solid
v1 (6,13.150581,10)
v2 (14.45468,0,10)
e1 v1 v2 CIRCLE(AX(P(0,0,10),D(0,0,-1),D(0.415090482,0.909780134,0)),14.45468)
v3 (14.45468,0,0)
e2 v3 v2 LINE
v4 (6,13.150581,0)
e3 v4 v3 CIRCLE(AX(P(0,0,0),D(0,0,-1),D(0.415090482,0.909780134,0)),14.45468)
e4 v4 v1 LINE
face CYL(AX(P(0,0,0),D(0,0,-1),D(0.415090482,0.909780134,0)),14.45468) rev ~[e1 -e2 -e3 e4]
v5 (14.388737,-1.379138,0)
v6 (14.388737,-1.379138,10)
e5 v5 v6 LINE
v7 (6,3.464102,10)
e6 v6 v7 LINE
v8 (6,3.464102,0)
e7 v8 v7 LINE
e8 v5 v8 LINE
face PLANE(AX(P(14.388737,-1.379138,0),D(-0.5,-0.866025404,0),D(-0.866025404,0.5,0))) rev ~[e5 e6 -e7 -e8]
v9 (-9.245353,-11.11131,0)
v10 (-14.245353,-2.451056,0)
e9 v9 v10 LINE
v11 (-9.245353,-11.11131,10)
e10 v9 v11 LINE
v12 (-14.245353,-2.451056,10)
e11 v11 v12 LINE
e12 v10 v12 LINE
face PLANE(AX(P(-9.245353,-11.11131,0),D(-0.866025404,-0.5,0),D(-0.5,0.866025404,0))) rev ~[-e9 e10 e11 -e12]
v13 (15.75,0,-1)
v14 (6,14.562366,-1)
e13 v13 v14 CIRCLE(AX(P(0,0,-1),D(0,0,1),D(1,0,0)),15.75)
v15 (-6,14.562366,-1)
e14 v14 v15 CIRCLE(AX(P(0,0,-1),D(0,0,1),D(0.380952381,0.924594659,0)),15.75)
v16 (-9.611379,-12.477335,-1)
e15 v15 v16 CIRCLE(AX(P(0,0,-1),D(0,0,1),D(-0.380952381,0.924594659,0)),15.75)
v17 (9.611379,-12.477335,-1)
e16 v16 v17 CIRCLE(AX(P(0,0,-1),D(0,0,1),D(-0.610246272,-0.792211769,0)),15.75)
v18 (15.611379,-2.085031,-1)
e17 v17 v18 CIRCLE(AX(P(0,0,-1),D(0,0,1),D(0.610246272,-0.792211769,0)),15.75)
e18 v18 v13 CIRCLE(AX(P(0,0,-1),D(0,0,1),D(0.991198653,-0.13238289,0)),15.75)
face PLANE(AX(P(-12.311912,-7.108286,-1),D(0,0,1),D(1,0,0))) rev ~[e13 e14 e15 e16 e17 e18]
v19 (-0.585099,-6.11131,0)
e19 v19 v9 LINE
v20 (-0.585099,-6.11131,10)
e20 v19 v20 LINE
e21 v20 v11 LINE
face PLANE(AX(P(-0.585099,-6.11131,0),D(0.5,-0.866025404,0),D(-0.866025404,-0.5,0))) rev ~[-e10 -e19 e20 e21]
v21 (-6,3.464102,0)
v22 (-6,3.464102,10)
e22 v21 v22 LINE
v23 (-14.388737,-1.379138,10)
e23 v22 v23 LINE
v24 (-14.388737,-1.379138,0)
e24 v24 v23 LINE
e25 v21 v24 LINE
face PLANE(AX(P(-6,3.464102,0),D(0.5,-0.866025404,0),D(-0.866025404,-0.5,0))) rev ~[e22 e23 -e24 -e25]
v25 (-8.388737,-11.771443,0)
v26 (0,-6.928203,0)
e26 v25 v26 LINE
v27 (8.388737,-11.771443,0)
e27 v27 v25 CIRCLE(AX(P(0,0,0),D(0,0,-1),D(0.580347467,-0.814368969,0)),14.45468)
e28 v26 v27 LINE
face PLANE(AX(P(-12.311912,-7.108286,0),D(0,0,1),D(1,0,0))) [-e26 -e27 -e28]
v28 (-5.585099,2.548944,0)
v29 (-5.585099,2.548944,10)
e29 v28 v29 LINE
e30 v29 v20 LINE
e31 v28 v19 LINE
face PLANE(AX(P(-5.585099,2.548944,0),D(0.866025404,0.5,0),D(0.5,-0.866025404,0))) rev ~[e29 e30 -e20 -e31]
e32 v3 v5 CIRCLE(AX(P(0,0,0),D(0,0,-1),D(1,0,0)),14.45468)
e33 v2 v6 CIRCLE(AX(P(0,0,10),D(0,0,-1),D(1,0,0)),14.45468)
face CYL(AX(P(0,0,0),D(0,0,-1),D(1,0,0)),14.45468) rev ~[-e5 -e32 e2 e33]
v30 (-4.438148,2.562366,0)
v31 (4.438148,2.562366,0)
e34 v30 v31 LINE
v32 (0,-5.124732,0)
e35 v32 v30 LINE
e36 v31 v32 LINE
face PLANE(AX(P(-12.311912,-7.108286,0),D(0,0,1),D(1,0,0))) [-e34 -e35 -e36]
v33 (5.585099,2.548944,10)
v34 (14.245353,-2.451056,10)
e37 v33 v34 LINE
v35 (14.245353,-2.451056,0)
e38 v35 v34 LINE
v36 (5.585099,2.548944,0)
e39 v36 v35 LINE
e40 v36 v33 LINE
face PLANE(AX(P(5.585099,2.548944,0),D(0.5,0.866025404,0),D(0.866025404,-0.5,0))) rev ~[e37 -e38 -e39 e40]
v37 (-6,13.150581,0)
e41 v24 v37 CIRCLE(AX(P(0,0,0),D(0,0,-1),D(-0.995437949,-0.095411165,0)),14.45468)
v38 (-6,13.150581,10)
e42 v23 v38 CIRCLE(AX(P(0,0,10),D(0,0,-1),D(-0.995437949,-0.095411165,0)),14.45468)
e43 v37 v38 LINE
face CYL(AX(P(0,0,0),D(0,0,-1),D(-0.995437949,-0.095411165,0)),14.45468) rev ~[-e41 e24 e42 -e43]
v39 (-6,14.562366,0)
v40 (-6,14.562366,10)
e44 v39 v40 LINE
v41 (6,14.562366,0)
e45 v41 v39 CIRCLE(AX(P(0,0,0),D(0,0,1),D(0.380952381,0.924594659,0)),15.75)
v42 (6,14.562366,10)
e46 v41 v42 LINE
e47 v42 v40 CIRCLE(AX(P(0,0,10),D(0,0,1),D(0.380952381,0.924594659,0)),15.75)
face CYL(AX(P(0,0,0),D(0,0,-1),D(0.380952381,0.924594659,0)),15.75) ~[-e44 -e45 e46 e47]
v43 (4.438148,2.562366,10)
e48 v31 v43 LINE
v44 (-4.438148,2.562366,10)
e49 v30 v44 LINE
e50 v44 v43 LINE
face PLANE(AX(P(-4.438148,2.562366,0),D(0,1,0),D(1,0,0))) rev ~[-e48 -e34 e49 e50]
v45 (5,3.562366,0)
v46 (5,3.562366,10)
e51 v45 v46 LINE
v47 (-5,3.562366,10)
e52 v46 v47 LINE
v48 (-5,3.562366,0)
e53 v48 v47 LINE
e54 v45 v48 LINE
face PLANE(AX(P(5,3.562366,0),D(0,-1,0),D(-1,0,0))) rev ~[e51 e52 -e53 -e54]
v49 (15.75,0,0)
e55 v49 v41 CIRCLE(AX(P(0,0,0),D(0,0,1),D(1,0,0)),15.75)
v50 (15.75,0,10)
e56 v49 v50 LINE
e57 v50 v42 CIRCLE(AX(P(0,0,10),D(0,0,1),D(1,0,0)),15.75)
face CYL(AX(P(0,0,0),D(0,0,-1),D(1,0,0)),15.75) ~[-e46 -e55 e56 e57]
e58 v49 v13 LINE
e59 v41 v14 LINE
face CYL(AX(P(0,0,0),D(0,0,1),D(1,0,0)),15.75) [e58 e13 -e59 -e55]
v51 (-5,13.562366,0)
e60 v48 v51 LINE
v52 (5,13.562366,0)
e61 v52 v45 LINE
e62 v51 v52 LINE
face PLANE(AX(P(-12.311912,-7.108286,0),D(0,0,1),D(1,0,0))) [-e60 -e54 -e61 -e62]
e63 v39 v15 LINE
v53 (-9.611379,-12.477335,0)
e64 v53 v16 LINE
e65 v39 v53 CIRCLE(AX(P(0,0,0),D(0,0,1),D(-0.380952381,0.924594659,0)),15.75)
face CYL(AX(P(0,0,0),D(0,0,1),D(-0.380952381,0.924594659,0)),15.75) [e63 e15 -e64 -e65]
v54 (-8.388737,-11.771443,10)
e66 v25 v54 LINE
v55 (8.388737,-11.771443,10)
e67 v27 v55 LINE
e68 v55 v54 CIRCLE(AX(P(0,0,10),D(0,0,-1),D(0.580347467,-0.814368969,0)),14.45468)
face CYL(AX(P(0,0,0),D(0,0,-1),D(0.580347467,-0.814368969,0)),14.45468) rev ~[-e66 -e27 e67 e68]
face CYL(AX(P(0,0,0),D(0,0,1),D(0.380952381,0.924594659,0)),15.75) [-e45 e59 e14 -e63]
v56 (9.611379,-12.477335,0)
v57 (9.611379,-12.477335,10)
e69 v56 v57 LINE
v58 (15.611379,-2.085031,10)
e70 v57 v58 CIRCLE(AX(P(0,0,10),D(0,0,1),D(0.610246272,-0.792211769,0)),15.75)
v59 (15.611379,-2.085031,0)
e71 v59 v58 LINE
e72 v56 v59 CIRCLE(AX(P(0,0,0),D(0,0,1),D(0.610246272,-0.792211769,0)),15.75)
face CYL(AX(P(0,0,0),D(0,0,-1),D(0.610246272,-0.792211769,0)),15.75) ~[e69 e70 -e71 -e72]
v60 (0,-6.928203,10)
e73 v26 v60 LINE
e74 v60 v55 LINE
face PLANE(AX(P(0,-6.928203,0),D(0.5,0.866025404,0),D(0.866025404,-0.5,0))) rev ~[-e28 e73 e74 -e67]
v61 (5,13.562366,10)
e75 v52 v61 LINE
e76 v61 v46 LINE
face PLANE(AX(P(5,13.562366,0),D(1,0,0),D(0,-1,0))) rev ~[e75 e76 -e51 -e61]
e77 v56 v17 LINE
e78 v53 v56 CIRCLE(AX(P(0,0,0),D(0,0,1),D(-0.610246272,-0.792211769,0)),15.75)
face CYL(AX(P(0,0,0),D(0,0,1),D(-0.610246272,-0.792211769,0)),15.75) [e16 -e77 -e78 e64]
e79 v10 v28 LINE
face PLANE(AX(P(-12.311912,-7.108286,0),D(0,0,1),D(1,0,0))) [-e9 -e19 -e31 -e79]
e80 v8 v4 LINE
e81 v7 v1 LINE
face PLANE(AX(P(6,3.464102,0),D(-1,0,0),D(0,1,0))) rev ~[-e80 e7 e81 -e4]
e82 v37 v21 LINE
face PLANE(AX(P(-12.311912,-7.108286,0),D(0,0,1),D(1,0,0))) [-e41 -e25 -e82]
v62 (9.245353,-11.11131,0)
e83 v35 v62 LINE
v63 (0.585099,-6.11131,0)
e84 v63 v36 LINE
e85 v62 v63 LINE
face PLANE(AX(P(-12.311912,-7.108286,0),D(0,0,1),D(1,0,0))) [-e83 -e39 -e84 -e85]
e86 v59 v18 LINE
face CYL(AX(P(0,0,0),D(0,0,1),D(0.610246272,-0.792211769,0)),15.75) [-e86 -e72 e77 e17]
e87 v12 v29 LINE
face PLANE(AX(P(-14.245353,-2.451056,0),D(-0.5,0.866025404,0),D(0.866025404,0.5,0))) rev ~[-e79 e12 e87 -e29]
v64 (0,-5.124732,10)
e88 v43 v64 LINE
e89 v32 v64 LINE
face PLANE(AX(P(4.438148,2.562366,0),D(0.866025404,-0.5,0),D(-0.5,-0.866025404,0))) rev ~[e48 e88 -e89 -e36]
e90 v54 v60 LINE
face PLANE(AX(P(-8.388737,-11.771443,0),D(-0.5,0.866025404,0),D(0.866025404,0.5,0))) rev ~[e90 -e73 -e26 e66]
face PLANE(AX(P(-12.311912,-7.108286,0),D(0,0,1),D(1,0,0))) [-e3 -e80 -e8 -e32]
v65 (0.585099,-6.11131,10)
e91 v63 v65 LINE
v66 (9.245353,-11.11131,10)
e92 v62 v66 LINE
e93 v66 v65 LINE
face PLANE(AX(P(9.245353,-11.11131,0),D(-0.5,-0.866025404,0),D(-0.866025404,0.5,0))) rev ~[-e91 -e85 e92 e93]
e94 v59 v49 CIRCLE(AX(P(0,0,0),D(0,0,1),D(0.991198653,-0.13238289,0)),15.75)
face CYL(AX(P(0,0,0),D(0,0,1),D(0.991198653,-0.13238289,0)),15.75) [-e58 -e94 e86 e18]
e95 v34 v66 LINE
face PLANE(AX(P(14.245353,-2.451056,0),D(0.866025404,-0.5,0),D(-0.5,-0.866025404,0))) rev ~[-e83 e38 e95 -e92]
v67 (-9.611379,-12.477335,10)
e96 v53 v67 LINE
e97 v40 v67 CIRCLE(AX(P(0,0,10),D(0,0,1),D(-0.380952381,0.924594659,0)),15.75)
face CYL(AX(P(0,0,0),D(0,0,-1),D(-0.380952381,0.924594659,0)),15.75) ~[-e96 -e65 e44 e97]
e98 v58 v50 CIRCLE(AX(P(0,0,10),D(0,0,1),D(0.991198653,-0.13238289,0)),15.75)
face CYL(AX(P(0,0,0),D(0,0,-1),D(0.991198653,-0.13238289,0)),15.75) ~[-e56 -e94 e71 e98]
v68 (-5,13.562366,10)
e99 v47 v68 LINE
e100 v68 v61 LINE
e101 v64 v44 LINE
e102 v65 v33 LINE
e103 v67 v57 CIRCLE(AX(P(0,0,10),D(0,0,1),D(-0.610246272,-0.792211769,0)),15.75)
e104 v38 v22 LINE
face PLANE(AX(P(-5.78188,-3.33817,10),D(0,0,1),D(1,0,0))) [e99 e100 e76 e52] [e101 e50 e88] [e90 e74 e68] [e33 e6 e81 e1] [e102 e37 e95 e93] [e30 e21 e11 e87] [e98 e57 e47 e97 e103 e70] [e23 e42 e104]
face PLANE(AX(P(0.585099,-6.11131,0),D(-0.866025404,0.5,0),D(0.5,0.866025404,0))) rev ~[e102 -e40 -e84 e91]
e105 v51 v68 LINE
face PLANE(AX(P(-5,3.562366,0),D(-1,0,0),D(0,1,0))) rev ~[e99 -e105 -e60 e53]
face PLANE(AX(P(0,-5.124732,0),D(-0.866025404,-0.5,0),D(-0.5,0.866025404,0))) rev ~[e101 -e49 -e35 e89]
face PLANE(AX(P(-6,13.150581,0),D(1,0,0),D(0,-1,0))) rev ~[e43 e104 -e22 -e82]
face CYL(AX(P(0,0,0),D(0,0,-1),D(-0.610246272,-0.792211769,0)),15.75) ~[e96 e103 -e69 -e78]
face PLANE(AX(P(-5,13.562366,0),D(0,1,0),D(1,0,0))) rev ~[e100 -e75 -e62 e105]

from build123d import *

# Parameters (mm, degrees)
F0_W     = 10
F0_H     = 10
F1_DEPTH = 1
F2_DEPTH = 10


with BuildPart() as f1:
    # F0 (on Top) → F1 (new body)
    with BuildSketch(Plane.XY):
        with BuildLine():
            ThreePointArc((-14.2453533868, -2.4510559207), (-14.3270734093, -1.9164383021), (-14.3887368124, -1.3791378416))
            Line((-14.3887368124, -1.3791378416), (-15.6113787906, -2.0850305169))
            Line((-15.6113787906, -2.0850305169), (-9.6113787906, -12.4773353623))
            Line((-9.6113787906, -12.4773353623), (-8.3887368124, -11.7714426871))
            ThreePointArc((-8.3887368124, -11.7714426871), (-8.8232209591, -11.4493903833), (-9.2453533868, -11.1113099585))
            ThreePointArc((-9.2453533868, -11.1113099585), (-12.518119914, -7.2273399021), (-14.2453533868, -2.4510559207))
        make_face()
        with BuildLine():
            Line((15.6113787906, -2.0850305169), (14.3887368124, -1.3791378416))
            ThreePointArc((14.3887368124, -1.3791378416), (14.3270734093, -1.9164383021), (14.2453533868, -2.4510559207))
            ThreePointArc((14.2453533868, -2.4510559207), (12.518119914, -7.2273399021), (9.2453533868, -11.1113099585))
            ThreePointArc((9.2453533868, -11.1113099585), (8.8232209591, -11.4493903833), (8.3887368124, -11.7714426871))
            Line((8.3887368124, -11.7714426871), (9.6113787906, -12.4773353623))
            Line((9.6113787906, -12.4773353623), (15.6113787906, -2.0850305169))
        make_face()
        with BuildLine():
            Line((-5, 3.5623658792), (-5, 13.5623658792))
            ThreePointArc((-5, 13.5623658792), (-5.5038524502, 13.3658286854), (-6, 13.1505805287))
            Line((-6, 13.1505805287), (-6, 3.4641016151))
            Line((-6, 3.4641016151), (-5.2190739452, 3.9149694831))
            Line((-5.2190739452, 3.9149694831), (-4.4381478904, 2.5623658792))
            Line((-4.4381478904, 2.5623658792), (4.4381478904, 2.5623658792))
            Line((4.4381478904, 2.5623658792), (5.2190739452, 3.9149694831))
            Line((5.2190739452, 3.9149694831), (6, 3.4641016151))
            Line((6, 3.4641016151), (6, 13.1505805287))
            ThreePointArc((6, 13.1505805287), (5.5038524502, 13.3658286854), (5, 13.5623658792))
            Line((5, 13.5623658792), (5, 3.5623658792))
            Line((5, 3.5623658792), (-5, 3.5623658792))
        make_face()
        with BuildLine():
            Line((-6, 3.4641016151), (-6, 13.1505805287))
            ThreePointArc((-6, 13.1505805287), (-12.518119914, 7.2273399021), (-14.3887368124, -1.3791378416))
            Line((-14.3887368124, -1.3791378416), (-6, 3.4641016151))
        make_face()
        with BuildLine():
            Line((-8.3887368124, -11.7714426871), (-9.6113787906, -12.4773353623))
            ThreePointArc((-9.6113787906, -12.4773353623), (0, -15.75), (9.6113787906, -12.4773353623))
            Line((9.6113787906, -12.4773353623), (8.3887368124, -11.7714426871))
            ThreePointArc((8.3887368124, -11.7714426871), (0, -14.4546798042), (-8.3887368124, -11.7714426871))
        make_face()
        with BuildLine():
            Line((6, 14.5623658792), (6, 13.1505805287))
            ThreePointArc((6, 13.1505805287), (12.158656321, 7.816958789), (14.4546798042, 0))
            ThreePointArc((14.4546798042, 0), (14.4381846444, -0.690356731), (14.3887368124, -1.3791378416))
            Line((14.3887368124, -1.3791378416), (15.6113787906, -2.0850305169))
            ThreePointArc((15.6113787906, -2.0850305169), (15.7153064869, -1.0448167418), (15.75, 0))
            ThreePointArc((15.75, 0), (13.087446275, 8.7624910842), (6, 14.5623658792))
        make_face()
        Polygon((4.4381478904, 2.5623658792), (-4.4381478904, 2.5623658792), (0, -5.1247317584), align=None)
        with BuildLine():
            ThreePointArc((6, 14.5623658792), (0, 15.75), (-6, 14.5623658792))
            Line((-6, 14.5623658792), (6, 14.5623658792))
        make_face()
        with BuildLine():
            Line((-9.6113787906, -12.4773353623), (-15.6113787906, -2.0850305169))
            ThreePointArc((-15.6113787906, -2.0850305169), (-13.6399001096, -7.875), (-9.6113787906, -12.4773353623))
        make_face()
        with BuildLine():
            ThreePointArc((9.6113787906, -12.4773353623), (13.6399001096, -7.875), (15.6113787906, -2.0850305169))
            Line((15.6113787906, -2.0850305169), (9.6113787906, -12.4773353623))
        make_face()
        with Locations((0, 8.5623658792)):
            Rectangle(F0_W, F0_H)
        with BuildLine():
            ThreePointArc((5, 13.5623658792), (0, 14.4546798042), (-5, 13.5623658792))
            Line((-5, 13.5623658792), (5, 13.5623658792))
        make_face()
        Polygon((-5.585099349, 2.5489440793), (-14.2453533868, -2.4510559207), (-9.2453533868, -11.1113099585), (-0.585099349, -6.1113099585), align=None)
        with BuildLine():
            Line((-9.2453533868, -11.1113099585), (-14.2453533868, -2.4510559207))
            ThreePointArc((-14.2453533868, -2.4510559207), (-12.518119914, -7.2273399021), (-9.2453533868, -11.1113099585))
        make_face()
        Polygon((9.2453533868, -11.1113099585), (14.2453533868, -2.4510559207), (5.585099349, 2.5489440793), (0.585099349, -6.1113099585), align=None)
        with BuildLine():
            ThreePointArc((9.2453533868, -11.1113099585), (12.518119914, -7.2273399021), (14.2453533868, -2.4510559207))
            Line((14.2453533868, -2.4510559207), (9.2453533868, -11.1113099585))
        make_face()
        with BuildLine():
            ThreePointArc((-14.3887368124, -1.3791378416), (-12.518119914, 7.2273399021), (-6, 13.1505805287))
            Line((-6, 13.1505805287), (-6, 14.5623658792))
            ThreePointArc((-6, 14.5623658792), (-13.6399001096, 7.875), (-15.6113787906, -2.0850305169))
            Line((-15.6113787906, -2.0850305169), (-14.3887368124, -1.3791378416))
        make_face()
        with BuildLine():
            Line((-6, 2.5623658792), (-6, 3.4641016151))
            Line((-6, 3.4641016151), (-14.3887368124, -1.3791378416))
            ThreePointArc((-14.3887368124, -1.3791378416), (-14.3270734093, -1.9164383021), (-14.2453533868, -2.4510559207))
            Line((-14.2453533868, -2.4510559207), (-5.585099349, 2.5489440793))
            Line((-5.585099349, 2.5489440793), (-0.585099349, -6.1113099585))
            Line((-0.585099349, -6.1113099585), (-9.2453533868, -11.1113099585))
            ThreePointArc((-9.2453533868, -11.1113099585), (-8.8232209591, -11.4493903833), (-8.3887368124, -11.7714426871))
            Line((-8.3887368124, -11.7714426871), (0, -6.9282032303))
            Line((0, -6.9282032303), (-0.7809260548, -6.4773353623))
            Line((-0.7809260548, -6.4773353623), (0, -5.1247317584))
            Line((0, -5.1247317584), (-4.4381478904, 2.5623658792))
            Line((-4.4381478904, 2.5623658792), (-6, 2.5623658792))
        make_face()
        with BuildLine():
            ThreePointArc((14.4546798042, 0), (12.158656321, 7.816958789), (6, 13.1505805287))
            Line((6, 13.1505805287), (6, 3.4641016151))
            Line((6, 3.4641016151), (14.3887368124, -1.3791378416))
            ThreePointArc((14.3887368124, -1.3791378416), (14.4381846444, -0.690356731), (14.4546798042, 0))
        make_face()
        with BuildLine():
            Line((14.3887368124, -1.3791378416), (6, 3.4641016151))
            Line((6, 3.4641016151), (6, 2.5623658792))
            Line((6, 2.5623658792), (4.4381478904, 2.5623658792))
            Line((4.4381478904, 2.5623658792), (0, -5.1247317584))
            Line((0, -5.1247317584), (0.7809260548, -6.4773353623))
            Line((0.7809260548, -6.4773353623), (0, -6.9282032303))
            Line((0, -6.9282032303), (8.3887368124, -11.7714426871))
            ThreePointArc((8.3887368124, -11.7714426871), (8.8232209591, -11.4493903833), (9.2453533868, -11.1113099585))
            Line((9.2453533868, -11.1113099585), (0.585099349, -6.1113099585))
            Line((0.585099349, -6.1113099585), (5.585099349, 2.5489440793))
            Line((5.585099349, 2.5489440793), (14.2453533868, -2.4510559207))
            ThreePointArc((14.2453533868, -2.4510559207), (14.3270734093, -1.9164383021), (14.3887368124, -1.3791378416))
        make_face()
        with BuildLine():
            Line((0, -6.9282032303), (-8.3887368124, -11.7714426871))
            ThreePointArc((-8.3887368124, -11.7714426871), (0, -14.4546798042), (8.3887368124, -11.7714426871))
            Line((8.3887368124, -11.7714426871), (0, -6.9282032303))
        make_face()
        with BuildLine():
            ThreePointArc((-6, 13.1505805287), (-5.5038524502, 13.3658286854), (-5, 13.5623658792))
            ThreePointArc((-5, 13.5623658792), (0, 14.4546798042), (5, 13.5623658792))
            ThreePointArc((5, 13.5623658792), (5.5038524502, 13.3658286854), (6, 13.1505805287))
            Line((6, 13.1505805287), (6, 14.5623658792))
            Line((6, 14.5623658792), (-6, 14.5623658792))
            Line((-6, 14.5623658792), (-6, 13.1505805287))
        make_face()
        Polygon((6, 2.5623658792), (6, 3.4641016151), (5.2190739452, 3.9149694831), (4.4381478904, 2.5623658792), align=None)
        Polygon((0.7809260548, -6.4773353623), (0, -5.1247317584), (-0.7809260548, -6.4773353623), (0, -6.9282032303), align=None)
        Polygon((-5.2190739452, 3.9149694831), (-6, 3.4641016151), (-6, 2.5623658792), (-4.4381478904, 2.5623658792), align=None)
    extrude(amount=-F1_DEPTH)

    # F0 (on Top) → F2 (join)
    with BuildSketch(Plane.XY):
        with BuildLine():
            Line((-6, 2.5623658792), (-6, 3.4641016151))
            Line((-6, 3.4641016151), (-14.3887368124, -1.3791378416))
            ThreePointArc((-14.3887368124, -1.3791378416), (-14.3270734093, -1.9164383021), (-14.2453533868, -2.4510559207))
            Line((-14.2453533868, -2.4510559207), (-5.585099349, 2.5489440793))
            Line((-5.585099349, 2.5489440793), (-0.585099349, -6.1113099585))
            Line((-0.585099349, -6.1113099585), (-9.2453533868, -11.1113099585))
            ThreePointArc((-9.2453533868, -11.1113099585), (-8.8232209591, -11.4493903833), (-8.3887368124, -11.7714426871))
            Line((-8.3887368124, -11.7714426871), (0, -6.9282032303))
            Line((0, -6.9282032303), (-0.7809260548, -6.4773353623))
            Line((-0.7809260548, -6.4773353623), (0, -5.1247317584))
            Line((0, -5.1247317584), (-4.4381478904, 2.5623658792))
            Line((-4.4381478904, 2.5623658792), (-6, 2.5623658792))
        make_face()
        with BuildLine():
            ThreePointArc((-14.3887368124, -1.3791378416), (-12.518119914, 7.2273399021), (-6, 13.1505805287))
            Line((-6, 13.1505805287), (-6, 14.5623658792))
            ThreePointArc((-6, 14.5623658792), (-13.6399001096, 7.875), (-15.6113787906, -2.0850305169))
            Line((-15.6113787906, -2.0850305169), (-14.3887368124, -1.3791378416))
        make_face()
        with BuildLine():
            ThreePointArc((5, 13.5623658792), (0, 14.4546798042), (-5, 13.5623658792))
            Line((-5, 13.5623658792), (5, 13.5623658792))
        make_face()
        with BuildLine():
            Line((-9.6113787906, -12.4773353623), (-15.6113787906, -2.0850305169))
            ThreePointArc((-15.6113787906, -2.0850305169), (-13.6399001096, -7.875), (-9.6113787906, -12.4773353623))
        make_face()
        with BuildLine():
            ThreePointArc((6, 14.5623658792), (0, 15.75), (-6, 14.5623658792))
            Line((-6, 14.5623658792), (6, 14.5623658792))
        make_face()
        with BuildLine():
            Line((6, 14.5623658792), (6, 13.1505805287))
            ThreePointArc((6, 13.1505805287), (12.158656321, 7.816958789), (14.4546798042, 0))
            ThreePointArc((14.4546798042, 0), (14.4381846444, -0.690356731), (14.3887368124, -1.3791378416))
            Line((14.3887368124, -1.3791378416), (15.6113787906, -2.0850305169))
            ThreePointArc((15.6113787906, -2.0850305169), (15.7153064869, -1.0448167418), (15.75, 0))
            ThreePointArc((15.75, 0), (13.087446275, 8.7624910842), (6, 14.5623658792))
        make_face()
        with BuildLine():
            Line((-8.3887368124, -11.7714426871), (-9.6113787906, -12.4773353623))
            ThreePointArc((-9.6113787906, -12.4773353623), (0, -15.75), (9.6113787906, -12.4773353623))
            Line((9.6113787906, -12.4773353623), (8.3887368124, -11.7714426871))
            ThreePointArc((8.3887368124, -11.7714426871), (0, -14.4546798042), (-8.3887368124, -11.7714426871))
        make_face()
        with BuildLine():
            Line((-5, 3.5623658792), (-5, 13.5623658792))
            ThreePointArc((-5, 13.5623658792), (-5.5038524502, 13.3658286854), (-6, 13.1505805287))
            Line((-6, 13.1505805287), (-6, 3.4641016151))
            Line((-6, 3.4641016151), (-5.2190739452, 3.9149694831))
            Line((-5.2190739452, 3.9149694831), (-4.4381478904, 2.5623658792))
            Line((-4.4381478904, 2.5623658792), (4.4381478904, 2.5623658792))
            Line((4.4381478904, 2.5623658792), (5.2190739452, 3.9149694831))
            Line((5.2190739452, 3.9149694831), (6, 3.4641016151))
            Line((6, 3.4641016151), (6, 13.1505805287))
            ThreePointArc((6, 13.1505805287), (5.5038524502, 13.3658286854), (5, 13.5623658792))
            Line((5, 13.5623658792), (5, 3.5623658792))
            Line((5, 3.5623658792), (-5, 3.5623658792))
        make_face()
        with BuildLine():
            Line((14.3887368124, -1.3791378416), (6, 3.4641016151))
            Line((6, 3.4641016151), (6, 2.5623658792))
            Line((6, 2.5623658792), (4.4381478904, 2.5623658792))
            Line((4.4381478904, 2.5623658792), (0, -5.1247317584))
            Line((0, -5.1247317584), (0.7809260548, -6.4773353623))
            Line((0.7809260548, -6.4773353623), (0, -6.9282032303))
            Line((0, -6.9282032303), (8.3887368124, -11.7714426871))
            ThreePointArc((8.3887368124, -11.7714426871), (8.8232209591, -11.4493903833), (9.2453533868, -11.1113099585))
            Line((9.2453533868, -11.1113099585), (0.585099349, -6.1113099585))
            Line((0.585099349, -6.1113099585), (5.585099349, 2.5489440793))
            Line((5.585099349, 2.5489440793), (14.2453533868, -2.4510559207))
            ThreePointArc((14.2453533868, -2.4510559207), (14.3270734093, -1.9164383021), (14.3887368124, -1.3791378416))
        make_face()
        with BuildLine():
            Line((-9.2453533868, -11.1113099585), (-14.2453533868, -2.4510559207))
            ThreePointArc((-14.2453533868, -2.4510559207), (-12.518119914, -7.2273399021), (-9.2453533868, -11.1113099585))
        make_face()
        with BuildLine():
            ThreePointArc((9.6113787906, -12.4773353623), (13.6399001096, -7.875), (15.6113787906, -2.0850305169))
            Line((15.6113787906, -2.0850305169), (9.6113787906, -12.4773353623))
        make_face()
        with BuildLine():
            Line((15.6113787906, -2.0850305169), (14.3887368124, -1.3791378416))
            ThreePointArc((14.3887368124, -1.3791378416), (14.3270734093, -1.9164383021), (14.2453533868, -2.4510559207))
            ThreePointArc((14.2453533868, -2.4510559207), (12.518119914, -7.2273399021), (9.2453533868, -11.1113099585))
            ThreePointArc((9.2453533868, -11.1113099585), (8.8232209591, -11.4493903833), (8.3887368124, -11.7714426871))
            Line((8.3887368124, -11.7714426871), (9.6113787906, -12.4773353623))
            Line((9.6113787906, -12.4773353623), (15.6113787906, -2.0850305169))
        make_face()
        with BuildLine():
            ThreePointArc((9.2453533868, -11.1113099585), (12.518119914, -7.2273399021), (14.2453533868, -2.4510559207))
            Line((14.2453533868, -2.4510559207), (9.2453533868, -11.1113099585))
        make_face()
        with BuildLine():
            ThreePointArc((-14.2453533868, -2.4510559207), (-14.3270734093, -1.9164383021), (-14.3887368124, -1.3791378416))
            Line((-14.3887368124, -1.3791378416), (-15.6113787906, -2.0850305169))
            Line((-15.6113787906, -2.0850305169), (-9.6113787906, -12.4773353623))
            Line((-9.6113787906, -12.4773353623), (-8.3887368124, -11.7714426871))
            ThreePointArc((-8.3887368124, -11.7714426871), (-8.8232209591, -11.4493903833), (-9.2453533868, -11.1113099585))
            ThreePointArc((-9.2453533868, -11.1113099585), (-12.518119914, -7.2273399021), (-14.2453533868, -2.4510559207))
        make_face()
        with BuildLine():
            ThreePointArc((-6, 13.1505805287), (-5.5038524502, 13.3658286854), (-5, 13.5623658792))
            ThreePointArc((-5, 13.5623658792), (0, 14.4546798042), (5, 13.5623658792))
            ThreePointArc((5, 13.5623658792), (5.5038524502, 13.3658286854), (6, 13.1505805287))
            Line((6, 13.1505805287), (6, 14.5623658792))
            Line((6, 14.5623658792), (-6, 14.5623658792))
            Line((-6, 14.5623658792), (-6, 13.1505805287))
        make_face()
        Polygon((6, 2.5623658792), (6, 3.4641016151), (5.2190739452, 3.9149694831), (4.4381478904, 2.5623658792), align=None)
        Polygon((0.7809260548, -6.4773353623), (0, -5.1247317584), (-0.7809260548, -6.4773353623), (0, -6.9282032303), align=None)
        Polygon((-5.2190739452, 3.9149694831), (-6, 3.4641016151), (-6, 2.5623658792), (-4.4381478904, 2.5623658792), align=None)
    extrude(amount=F2_DEPTH)


solid = f1.part
